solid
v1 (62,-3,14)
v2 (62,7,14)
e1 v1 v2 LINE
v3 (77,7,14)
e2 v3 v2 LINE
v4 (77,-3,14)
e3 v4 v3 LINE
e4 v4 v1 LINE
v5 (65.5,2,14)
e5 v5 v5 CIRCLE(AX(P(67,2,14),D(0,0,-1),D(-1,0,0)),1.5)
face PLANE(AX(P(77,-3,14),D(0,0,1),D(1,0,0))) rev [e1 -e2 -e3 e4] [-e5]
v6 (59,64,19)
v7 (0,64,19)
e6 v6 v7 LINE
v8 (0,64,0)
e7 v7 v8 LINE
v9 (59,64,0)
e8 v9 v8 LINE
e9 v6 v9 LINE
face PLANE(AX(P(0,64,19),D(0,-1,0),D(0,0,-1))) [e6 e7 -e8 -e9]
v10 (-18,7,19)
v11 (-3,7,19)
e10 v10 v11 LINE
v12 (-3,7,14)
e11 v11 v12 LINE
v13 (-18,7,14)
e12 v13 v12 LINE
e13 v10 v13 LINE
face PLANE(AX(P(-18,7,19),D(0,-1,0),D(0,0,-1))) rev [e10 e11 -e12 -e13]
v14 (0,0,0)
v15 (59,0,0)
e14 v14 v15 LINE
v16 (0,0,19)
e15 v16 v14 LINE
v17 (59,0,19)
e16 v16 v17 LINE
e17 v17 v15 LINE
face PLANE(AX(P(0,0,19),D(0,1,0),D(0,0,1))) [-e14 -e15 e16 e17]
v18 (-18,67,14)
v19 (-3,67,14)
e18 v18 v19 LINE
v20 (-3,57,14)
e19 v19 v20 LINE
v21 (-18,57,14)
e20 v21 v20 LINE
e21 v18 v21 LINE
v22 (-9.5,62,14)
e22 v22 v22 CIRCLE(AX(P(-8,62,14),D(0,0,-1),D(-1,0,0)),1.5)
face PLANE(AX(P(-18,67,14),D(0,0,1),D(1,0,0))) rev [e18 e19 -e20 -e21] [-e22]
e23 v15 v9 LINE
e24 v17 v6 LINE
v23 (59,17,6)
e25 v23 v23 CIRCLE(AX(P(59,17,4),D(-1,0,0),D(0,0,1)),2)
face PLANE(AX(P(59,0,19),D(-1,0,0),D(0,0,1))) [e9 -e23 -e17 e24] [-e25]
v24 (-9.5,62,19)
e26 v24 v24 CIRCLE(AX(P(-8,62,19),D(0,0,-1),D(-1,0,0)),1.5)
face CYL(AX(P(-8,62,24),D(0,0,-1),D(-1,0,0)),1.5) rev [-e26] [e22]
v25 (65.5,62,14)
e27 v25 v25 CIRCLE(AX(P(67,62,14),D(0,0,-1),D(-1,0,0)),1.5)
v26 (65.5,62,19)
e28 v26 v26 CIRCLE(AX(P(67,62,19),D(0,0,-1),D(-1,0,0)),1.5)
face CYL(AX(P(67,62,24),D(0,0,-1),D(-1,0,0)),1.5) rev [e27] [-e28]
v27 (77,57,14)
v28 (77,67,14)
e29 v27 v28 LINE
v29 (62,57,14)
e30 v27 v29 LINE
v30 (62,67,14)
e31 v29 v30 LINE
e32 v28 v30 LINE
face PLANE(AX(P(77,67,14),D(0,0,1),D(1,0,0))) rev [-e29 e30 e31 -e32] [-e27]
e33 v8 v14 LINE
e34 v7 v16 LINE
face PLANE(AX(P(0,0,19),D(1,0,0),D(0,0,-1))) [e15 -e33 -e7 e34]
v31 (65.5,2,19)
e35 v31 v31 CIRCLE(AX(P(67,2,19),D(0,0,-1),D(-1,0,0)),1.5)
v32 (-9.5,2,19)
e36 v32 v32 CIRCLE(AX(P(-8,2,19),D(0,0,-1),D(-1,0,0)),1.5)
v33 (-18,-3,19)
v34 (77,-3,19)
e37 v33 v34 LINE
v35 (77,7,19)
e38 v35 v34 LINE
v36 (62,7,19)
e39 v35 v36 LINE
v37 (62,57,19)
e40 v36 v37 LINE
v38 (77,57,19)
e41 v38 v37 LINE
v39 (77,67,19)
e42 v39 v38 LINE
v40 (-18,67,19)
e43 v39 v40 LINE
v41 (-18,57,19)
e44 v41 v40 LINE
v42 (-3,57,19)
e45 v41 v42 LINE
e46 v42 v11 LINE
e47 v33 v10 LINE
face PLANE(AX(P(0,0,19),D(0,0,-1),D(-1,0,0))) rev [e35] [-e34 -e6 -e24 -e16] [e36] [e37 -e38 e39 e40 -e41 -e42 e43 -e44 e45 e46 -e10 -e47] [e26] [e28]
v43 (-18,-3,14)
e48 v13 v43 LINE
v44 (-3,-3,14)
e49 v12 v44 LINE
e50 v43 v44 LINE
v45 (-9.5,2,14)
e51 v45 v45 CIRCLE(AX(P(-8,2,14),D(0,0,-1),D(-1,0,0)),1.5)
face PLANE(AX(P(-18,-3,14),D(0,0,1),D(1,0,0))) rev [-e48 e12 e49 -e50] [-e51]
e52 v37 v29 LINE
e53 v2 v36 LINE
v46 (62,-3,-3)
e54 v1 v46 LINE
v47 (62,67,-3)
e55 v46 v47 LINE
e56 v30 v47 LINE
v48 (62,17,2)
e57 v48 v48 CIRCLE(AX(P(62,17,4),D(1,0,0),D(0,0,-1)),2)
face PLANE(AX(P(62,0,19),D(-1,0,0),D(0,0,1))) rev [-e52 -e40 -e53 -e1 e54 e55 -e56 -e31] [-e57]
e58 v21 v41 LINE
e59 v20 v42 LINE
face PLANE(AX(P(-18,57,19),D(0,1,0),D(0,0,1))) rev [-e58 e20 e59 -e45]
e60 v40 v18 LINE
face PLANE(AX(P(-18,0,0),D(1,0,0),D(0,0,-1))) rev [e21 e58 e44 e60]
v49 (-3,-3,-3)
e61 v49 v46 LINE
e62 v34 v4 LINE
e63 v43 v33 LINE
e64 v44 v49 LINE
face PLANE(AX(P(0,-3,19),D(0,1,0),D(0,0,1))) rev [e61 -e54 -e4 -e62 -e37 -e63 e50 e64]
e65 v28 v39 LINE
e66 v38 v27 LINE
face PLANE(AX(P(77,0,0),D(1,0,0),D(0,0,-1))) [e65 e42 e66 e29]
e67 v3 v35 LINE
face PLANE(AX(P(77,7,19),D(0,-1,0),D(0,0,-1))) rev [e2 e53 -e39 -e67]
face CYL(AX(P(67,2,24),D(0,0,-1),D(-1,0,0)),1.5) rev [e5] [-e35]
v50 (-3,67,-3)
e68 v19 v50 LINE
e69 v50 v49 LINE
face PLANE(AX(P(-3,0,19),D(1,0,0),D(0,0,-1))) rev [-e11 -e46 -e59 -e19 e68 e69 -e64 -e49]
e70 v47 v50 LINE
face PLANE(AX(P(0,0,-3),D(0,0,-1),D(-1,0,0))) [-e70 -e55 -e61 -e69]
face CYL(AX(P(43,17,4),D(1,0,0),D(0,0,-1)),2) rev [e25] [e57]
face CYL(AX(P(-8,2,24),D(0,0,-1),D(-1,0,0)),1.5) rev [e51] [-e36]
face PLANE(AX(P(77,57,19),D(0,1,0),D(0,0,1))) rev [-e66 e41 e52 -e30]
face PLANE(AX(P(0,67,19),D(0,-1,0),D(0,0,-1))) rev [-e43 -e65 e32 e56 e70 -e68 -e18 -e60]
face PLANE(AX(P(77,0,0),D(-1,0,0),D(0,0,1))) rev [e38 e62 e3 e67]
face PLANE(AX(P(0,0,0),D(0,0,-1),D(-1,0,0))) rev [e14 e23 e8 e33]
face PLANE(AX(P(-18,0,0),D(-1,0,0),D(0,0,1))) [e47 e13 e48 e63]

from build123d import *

# Parameters (mm, degrees)
SKETCH1_W           = 59
SKETCH1_H           = 64
BOSS_EXTRUDE1_DEPTH = 19
SHELL1_T            = 3
SKETCH2_R           = 2
CUT_EXTRUDE1_DEPTH  = 19
SKETCH3_W           = 5
SKETCH3_H           = 10
BOSS_EXTRUDE2_DEPTH = 15
SKETCH4_W           = 5
SKETCH4_H           = 10
BOSS_EXTRUDE3_DEPTH = 15
SKETCH5_R           = 1.5
CUT_EXTRUDE2_DEPTH  = 10


with BuildPart() as part:
    # Sketch1 → Boss-Extrude1 (new body)
    with BuildSketch(Plane.XY):
        with Locations((29.5, 32)):
            Rectangle(SKETCH1_W, SKETCH1_H)
    extrude(amount=BOSS_EXTRUDE1_DEPTH)

    # Shell1
    shell1_openings = [part.faces().sort_by_distance(p)[0] for p in [
        (29.5, 32, 19),
    ]]
    offset(amount=SHELL1_T, openings=shell1_openings, kind=Kind.INTERSECTION)

    # Sketch2 → Cut-Extrude1 (cut)
    with BuildSketch(Plane(origin=(62, 0, 0), x_dir=(0, 0, -1), z_dir=(1, 0, 0))):
        with Locations((-4, 17)):
            Circle(SKETCH2_R)
    extrude(amount=-CUT_EXTRUDE1_DEPTH, mode=Mode.SUBTRACT)

    # Sketch3 → Boss-Extrude2 (add)
    with BuildSketch(Plane(origin=(62, 0, 0), x_dir=(0, 0, -1), z_dir=(1, 0, 0))):
        with Locations((-16.5, 62)):
            Rectangle(SKETCH3_W, SKETCH3_H)
        with Locations((-16.5, 2)):
            Rectangle(SKETCH3_W, SKETCH3_H)
    extrude(amount=BOSS_EXTRUDE2_DEPTH)

    # Sketch4 → Boss-Extrude3 (add)
    with BuildSketch(Plane.ZY.offset(3)):
        with Locations((16.5, 2)):
            Rectangle(SKETCH4_W, SKETCH4_H)
        with Locations((16.5, 62)):
            Rectangle(SKETCH4_W, SKETCH4_H)
    extrude(amount=BOSS_EXTRUDE3_DEPTH)

    # Sketch5 → Cut-Extrude2 (cut)
    with BuildSketch(Plane(origin=(0, 0, 14), x_dir=(-1, 0, 0), z_dir=(0, 0, -1))):
        with Locations((-67, 62)):
            Circle(SKETCH5_R)
        with Locations((8, 2)):
            Circle(SKETCH5_R)
        with Locations((-67, 2)):
            Circle(SKETCH5_R)
        with Locations((8, 62)):
            Circle(SKETCH5_R)
    extrude(amount=-CUT_EXTRUDE2_DEPTH, mode=Mode.SUBTRACT)


solid = part.part
